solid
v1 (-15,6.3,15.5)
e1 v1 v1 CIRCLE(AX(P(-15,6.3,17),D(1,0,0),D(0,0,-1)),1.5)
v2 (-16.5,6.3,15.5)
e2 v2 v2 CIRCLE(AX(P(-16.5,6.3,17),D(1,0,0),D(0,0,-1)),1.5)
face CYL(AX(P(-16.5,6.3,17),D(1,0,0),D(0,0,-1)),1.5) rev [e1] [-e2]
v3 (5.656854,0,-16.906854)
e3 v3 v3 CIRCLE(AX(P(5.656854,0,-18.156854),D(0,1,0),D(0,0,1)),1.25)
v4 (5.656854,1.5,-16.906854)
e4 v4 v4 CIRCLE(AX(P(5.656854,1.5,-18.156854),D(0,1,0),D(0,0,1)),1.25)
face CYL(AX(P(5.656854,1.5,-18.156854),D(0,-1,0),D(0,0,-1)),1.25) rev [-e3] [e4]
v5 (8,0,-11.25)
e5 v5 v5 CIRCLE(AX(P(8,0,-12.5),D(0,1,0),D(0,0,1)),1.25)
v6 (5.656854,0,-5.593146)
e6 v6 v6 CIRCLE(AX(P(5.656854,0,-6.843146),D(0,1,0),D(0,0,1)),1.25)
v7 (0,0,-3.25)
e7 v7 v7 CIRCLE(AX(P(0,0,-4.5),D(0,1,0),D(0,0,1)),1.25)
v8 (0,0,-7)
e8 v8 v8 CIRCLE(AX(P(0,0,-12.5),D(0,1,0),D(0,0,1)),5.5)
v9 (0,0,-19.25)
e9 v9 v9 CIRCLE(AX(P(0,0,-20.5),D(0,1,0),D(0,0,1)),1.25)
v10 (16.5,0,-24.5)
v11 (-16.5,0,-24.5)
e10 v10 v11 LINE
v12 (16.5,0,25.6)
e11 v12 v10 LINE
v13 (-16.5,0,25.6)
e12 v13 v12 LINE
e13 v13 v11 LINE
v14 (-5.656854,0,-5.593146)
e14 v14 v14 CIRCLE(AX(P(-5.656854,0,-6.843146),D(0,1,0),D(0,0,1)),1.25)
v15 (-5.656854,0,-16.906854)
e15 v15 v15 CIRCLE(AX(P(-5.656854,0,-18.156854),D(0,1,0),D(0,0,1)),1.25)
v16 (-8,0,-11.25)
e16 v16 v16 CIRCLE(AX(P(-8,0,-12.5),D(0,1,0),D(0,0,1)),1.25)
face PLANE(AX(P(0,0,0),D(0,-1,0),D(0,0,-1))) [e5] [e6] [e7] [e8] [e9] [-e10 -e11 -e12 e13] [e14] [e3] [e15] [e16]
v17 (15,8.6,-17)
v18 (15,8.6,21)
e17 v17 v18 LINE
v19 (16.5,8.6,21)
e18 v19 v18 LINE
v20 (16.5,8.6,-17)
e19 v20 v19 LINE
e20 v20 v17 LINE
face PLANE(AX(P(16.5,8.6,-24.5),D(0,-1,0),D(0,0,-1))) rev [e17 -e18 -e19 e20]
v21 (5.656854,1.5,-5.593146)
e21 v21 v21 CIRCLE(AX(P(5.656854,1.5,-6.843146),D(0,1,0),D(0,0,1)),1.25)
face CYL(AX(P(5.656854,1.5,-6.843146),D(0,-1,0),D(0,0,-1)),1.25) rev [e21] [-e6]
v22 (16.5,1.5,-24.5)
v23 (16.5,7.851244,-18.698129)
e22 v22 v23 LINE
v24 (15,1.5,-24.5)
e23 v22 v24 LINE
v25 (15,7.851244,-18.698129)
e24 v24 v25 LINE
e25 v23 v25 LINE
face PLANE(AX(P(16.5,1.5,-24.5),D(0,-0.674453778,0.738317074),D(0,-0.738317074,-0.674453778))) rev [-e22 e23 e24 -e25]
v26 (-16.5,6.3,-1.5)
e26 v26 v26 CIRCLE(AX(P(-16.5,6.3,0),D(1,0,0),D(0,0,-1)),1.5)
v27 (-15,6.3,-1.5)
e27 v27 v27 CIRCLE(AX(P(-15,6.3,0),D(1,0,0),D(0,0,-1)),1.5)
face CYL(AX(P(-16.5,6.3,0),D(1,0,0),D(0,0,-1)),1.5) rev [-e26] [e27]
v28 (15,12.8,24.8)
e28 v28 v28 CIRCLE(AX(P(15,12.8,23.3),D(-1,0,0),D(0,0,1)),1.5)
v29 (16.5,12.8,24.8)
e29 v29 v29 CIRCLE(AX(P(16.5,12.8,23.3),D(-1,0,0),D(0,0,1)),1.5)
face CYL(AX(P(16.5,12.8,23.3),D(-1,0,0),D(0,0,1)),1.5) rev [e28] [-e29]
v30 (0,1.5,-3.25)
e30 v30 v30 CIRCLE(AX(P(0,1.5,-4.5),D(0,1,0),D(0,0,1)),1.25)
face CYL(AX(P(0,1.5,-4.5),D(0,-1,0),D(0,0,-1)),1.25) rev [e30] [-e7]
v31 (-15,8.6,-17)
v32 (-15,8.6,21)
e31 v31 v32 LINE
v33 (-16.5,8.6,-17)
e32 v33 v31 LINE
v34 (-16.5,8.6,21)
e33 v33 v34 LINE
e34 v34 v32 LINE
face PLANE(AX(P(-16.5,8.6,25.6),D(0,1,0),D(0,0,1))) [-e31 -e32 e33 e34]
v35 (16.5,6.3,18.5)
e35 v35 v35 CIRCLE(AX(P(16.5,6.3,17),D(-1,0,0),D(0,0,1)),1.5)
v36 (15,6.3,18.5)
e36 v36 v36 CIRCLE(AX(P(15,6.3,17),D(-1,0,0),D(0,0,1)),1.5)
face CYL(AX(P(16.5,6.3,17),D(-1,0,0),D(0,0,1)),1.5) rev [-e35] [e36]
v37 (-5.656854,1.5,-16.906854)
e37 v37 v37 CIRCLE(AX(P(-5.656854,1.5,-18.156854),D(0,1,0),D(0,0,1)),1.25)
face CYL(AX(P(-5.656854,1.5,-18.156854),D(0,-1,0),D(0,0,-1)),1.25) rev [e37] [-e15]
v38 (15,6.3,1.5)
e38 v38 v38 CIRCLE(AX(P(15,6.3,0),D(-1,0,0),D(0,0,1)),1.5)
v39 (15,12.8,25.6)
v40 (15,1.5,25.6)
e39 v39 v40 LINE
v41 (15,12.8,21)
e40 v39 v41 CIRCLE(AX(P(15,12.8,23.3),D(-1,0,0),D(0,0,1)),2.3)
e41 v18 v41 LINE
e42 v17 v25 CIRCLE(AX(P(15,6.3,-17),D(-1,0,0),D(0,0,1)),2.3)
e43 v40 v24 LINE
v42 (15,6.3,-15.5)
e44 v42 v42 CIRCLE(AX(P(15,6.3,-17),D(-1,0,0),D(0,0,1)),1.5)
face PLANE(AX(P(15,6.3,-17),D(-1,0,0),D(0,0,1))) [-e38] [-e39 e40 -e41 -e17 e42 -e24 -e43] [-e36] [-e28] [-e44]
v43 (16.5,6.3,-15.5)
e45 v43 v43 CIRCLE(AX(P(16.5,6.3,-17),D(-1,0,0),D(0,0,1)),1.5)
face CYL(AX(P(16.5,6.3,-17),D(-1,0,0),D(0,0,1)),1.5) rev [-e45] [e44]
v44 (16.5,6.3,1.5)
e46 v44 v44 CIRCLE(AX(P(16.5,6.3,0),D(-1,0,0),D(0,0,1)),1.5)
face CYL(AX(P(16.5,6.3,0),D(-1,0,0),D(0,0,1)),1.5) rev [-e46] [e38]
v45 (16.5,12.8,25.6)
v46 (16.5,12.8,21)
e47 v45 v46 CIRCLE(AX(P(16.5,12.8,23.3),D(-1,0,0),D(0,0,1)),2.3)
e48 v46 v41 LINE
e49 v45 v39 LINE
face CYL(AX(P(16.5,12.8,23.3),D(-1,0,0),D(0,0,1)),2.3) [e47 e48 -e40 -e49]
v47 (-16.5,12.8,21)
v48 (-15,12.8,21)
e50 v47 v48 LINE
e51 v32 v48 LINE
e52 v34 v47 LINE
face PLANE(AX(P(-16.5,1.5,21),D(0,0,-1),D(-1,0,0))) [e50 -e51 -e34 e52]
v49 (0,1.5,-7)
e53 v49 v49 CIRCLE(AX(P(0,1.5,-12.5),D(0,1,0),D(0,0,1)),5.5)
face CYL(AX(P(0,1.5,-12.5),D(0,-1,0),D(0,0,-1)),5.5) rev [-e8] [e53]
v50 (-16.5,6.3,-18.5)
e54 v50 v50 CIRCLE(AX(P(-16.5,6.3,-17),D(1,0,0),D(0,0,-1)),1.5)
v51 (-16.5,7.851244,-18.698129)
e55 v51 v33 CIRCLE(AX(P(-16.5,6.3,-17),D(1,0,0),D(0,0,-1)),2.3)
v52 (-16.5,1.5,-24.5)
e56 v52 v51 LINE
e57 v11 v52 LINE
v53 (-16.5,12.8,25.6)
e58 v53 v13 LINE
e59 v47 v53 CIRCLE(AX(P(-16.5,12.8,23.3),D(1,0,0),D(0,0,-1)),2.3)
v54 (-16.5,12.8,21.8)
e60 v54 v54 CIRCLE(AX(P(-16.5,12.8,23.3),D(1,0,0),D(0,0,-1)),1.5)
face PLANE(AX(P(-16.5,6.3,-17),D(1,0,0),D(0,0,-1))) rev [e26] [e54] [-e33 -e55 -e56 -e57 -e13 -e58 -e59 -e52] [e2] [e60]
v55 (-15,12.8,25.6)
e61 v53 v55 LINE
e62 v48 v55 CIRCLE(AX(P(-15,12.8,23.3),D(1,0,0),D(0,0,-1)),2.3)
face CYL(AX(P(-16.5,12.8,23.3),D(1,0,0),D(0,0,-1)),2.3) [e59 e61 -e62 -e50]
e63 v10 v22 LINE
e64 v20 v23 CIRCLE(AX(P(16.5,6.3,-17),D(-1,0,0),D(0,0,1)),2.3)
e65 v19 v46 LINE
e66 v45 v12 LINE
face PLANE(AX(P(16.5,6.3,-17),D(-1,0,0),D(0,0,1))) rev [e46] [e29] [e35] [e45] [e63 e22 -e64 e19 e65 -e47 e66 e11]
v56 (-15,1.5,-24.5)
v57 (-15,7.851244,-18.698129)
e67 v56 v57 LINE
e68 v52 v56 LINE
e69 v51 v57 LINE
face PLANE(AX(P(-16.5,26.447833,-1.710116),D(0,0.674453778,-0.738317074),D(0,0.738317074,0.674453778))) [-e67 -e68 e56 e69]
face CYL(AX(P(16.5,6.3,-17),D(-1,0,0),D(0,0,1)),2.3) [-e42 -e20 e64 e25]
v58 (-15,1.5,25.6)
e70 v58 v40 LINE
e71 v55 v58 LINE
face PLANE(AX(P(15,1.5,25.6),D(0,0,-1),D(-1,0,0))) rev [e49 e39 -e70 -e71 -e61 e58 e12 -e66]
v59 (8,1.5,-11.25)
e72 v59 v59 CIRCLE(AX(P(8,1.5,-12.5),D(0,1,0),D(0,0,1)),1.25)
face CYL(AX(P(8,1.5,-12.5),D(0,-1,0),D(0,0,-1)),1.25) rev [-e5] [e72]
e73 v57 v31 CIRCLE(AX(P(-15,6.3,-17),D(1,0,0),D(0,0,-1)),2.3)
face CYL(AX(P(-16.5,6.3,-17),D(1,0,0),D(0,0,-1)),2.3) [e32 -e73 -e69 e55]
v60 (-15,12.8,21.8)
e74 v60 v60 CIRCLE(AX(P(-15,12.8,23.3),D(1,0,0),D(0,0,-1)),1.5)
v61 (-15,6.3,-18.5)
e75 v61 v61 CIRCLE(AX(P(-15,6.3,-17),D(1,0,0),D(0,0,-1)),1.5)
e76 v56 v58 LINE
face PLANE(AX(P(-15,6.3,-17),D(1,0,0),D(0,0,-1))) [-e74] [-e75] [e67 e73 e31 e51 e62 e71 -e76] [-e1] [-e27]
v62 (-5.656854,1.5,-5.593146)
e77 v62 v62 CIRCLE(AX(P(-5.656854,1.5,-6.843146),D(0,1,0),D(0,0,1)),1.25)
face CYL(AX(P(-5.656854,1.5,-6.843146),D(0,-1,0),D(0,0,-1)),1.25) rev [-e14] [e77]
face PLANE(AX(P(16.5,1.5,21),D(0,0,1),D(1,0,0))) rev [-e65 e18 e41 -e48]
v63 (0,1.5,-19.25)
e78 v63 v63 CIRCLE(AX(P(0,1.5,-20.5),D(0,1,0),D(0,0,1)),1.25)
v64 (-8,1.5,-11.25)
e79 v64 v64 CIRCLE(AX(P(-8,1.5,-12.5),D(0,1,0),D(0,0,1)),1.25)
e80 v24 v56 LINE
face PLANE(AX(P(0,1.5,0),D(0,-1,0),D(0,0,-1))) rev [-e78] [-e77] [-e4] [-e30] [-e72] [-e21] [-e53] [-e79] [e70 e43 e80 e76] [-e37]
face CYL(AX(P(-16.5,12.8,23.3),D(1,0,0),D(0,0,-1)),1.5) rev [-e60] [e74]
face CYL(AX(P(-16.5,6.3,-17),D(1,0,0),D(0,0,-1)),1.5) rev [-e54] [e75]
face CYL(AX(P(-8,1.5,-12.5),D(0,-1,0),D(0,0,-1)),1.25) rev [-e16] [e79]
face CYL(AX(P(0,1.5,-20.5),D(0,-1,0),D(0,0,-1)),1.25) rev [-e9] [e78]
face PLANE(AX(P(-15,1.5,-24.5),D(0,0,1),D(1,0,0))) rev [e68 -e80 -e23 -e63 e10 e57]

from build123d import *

# Parameters (mm, degrees)
SKETCH2_W           = 30
SKETCH2_H           = 50.1
SKETCH2_R           = 1.25
SKETCH2_R_2         = 5.5
BOSS_EXTRUDE1_DEPTH = 1.5
BOSS_EXTRUDE2_START = 15
SKETCH3_R           = 1.5
BOSS_EXTRUDE2_DEPTH = 1.5
BOSS_EXTRUDE3_START = -15
SKETCH3_2_R         = 1.5
BOSS_EXTRUDE3_DEPTH = 1.5


with BuildPart() as part:
    # Sketch2 → Boss-Extrude1 (new body)
    with BuildSketch(Plane(origin=(0, 0, 0), x_dir=(1, 0, 0), z_dir=(0, 1, 0))):
        with Locations((0, -0.55)):
            Rectangle(SKETCH2_W, SKETCH2_H)
        with Locations((-8, 12.5)):
            Circle(SKETCH2_R, mode=Mode.SUBTRACT)
        with Locations((-5.656854249, 18.156854249)):
            Circle(SKETCH2_R, mode=Mode.SUBTRACT)
        with Locations((0, 20.5)):
            Circle(SKETCH2_R, mode=Mode.SUBTRACT)
        with Locations((5.656854249, 18.156854249)):
            Circle(SKETCH2_R, mode=Mode.SUBTRACT)
        with Locations((8, 12.5)):
            Circle(SKETCH2_R, mode=Mode.SUBTRACT)
        with Locations((5.656854249, 6.843145751)):
            Circle(SKETCH2_R, mode=Mode.SUBTRACT)
        with Locations((0, 4.5)):
            Circle(SKETCH2_R, mode=Mode.SUBTRACT)
        with Locations((-5.656854249, 6.843145751)):
            Circle(SKETCH2_R, mode=Mode.SUBTRACT)
        with Locations((0, 12.5)):
            Circle(SKETCH2_R_2, mode=Mode.SUBTRACT)
    extrude(amount=BOSS_EXTRUDE1_DEPTH)

    # Sketch3 → Boss-Extrude2 (add)
    with BuildSketch(Plane(origin=(0, 0, 0), x_dir=(0, 0, -1), z_dir=(1, 0, 0)).offset(BOSS_EXTRUDE2_START)):
        with BuildLine():
            Line((24.5, 1.5), (18.69812916, 7.851243689))
            ThreePointArc((18.69812916, 7.851243689), (17.927938335, 8.404502374), (16.99999989, 8.6))
            Line((16.99999989, 8.6), (-21, 8.6))
            Line((-21, 8.6), (-21, 12.8))
            ThreePointArc((-21, 12.8), (-23.3, 15.1), (-25.6, 12.8))
            Line((-25.6, 12.8), (-25.6, 1.5))
            Line((-25.6, 1.5), (-25.6, 0))
            Line((-25.6, 0), (24.5, 0))
            Line((24.5, 0), (24.5, 1.5))
        make_face()
        with Locations((-23.3, 12.8)):
            Circle(SKETCH3_R, mode=Mode.SUBTRACT)
        with Locations((-17.00000011, 6.3)):
            Circle(SKETCH3_R, mode=Mode.SUBTRACT)
        with Locations((-1.1e-07, 6.3)):
            Circle(SKETCH3_R, mode=Mode.SUBTRACT)
        with Locations((16.99999989, 6.3)):
            Circle(SKETCH3_R, mode=Mode.SUBTRACT)
    extrude(amount=BOSS_EXTRUDE2_DEPTH)

    # Sketch3<2> → Boss-Extrude3 (add)
    with BuildSketch(Plane(origin=(0, 0, 0), x_dir=(0, 0, -1), z_dir=(1, 0, 0)).offset(BOSS_EXTRUDE3_START)):
        with BuildLine():
            Line((24.5, 1.5), (18.69812916, 7.851243689))
            ThreePointArc((18.69812916, 7.851243689), (17.927938335, 8.404502374), (16.99999989, 8.6))
            Line((16.99999989, 8.6), (-21, 8.6))
            Line((-21, 8.6), (-21, 12.8))
            ThreePointArc((-21, 12.8), (-23.3, 15.1), (-25.6, 12.8))
            Line((-25.6, 12.8), (-25.6, 1.5))
            Line((-25.6, 1.5), (-25.6, 0))
            Line((-25.6, 0), (24.5, 0))
            Line((24.5, 0), (24.5, 1.5))
        make_face()
        with Locations((-23.3, 12.8)):
            Circle(SKETCH3_2_R, mode=Mode.SUBTRACT)
        with Locations((-17.00000011, 6.3)):
            Circle(SKETCH3_2_R, mode=Mode.SUBTRACT)
        with Locations((-1.1e-07, 6.3)):
            Circle(SKETCH3_2_R, mode=Mode.SUBTRACT)
        with Locations((16.99999989, 6.3)):
            Circle(SKETCH3_2_R, mode=Mode.SUBTRACT)
    extrude(amount=-BOSS_EXTRUDE3_DEPTH)


solid = part.part
